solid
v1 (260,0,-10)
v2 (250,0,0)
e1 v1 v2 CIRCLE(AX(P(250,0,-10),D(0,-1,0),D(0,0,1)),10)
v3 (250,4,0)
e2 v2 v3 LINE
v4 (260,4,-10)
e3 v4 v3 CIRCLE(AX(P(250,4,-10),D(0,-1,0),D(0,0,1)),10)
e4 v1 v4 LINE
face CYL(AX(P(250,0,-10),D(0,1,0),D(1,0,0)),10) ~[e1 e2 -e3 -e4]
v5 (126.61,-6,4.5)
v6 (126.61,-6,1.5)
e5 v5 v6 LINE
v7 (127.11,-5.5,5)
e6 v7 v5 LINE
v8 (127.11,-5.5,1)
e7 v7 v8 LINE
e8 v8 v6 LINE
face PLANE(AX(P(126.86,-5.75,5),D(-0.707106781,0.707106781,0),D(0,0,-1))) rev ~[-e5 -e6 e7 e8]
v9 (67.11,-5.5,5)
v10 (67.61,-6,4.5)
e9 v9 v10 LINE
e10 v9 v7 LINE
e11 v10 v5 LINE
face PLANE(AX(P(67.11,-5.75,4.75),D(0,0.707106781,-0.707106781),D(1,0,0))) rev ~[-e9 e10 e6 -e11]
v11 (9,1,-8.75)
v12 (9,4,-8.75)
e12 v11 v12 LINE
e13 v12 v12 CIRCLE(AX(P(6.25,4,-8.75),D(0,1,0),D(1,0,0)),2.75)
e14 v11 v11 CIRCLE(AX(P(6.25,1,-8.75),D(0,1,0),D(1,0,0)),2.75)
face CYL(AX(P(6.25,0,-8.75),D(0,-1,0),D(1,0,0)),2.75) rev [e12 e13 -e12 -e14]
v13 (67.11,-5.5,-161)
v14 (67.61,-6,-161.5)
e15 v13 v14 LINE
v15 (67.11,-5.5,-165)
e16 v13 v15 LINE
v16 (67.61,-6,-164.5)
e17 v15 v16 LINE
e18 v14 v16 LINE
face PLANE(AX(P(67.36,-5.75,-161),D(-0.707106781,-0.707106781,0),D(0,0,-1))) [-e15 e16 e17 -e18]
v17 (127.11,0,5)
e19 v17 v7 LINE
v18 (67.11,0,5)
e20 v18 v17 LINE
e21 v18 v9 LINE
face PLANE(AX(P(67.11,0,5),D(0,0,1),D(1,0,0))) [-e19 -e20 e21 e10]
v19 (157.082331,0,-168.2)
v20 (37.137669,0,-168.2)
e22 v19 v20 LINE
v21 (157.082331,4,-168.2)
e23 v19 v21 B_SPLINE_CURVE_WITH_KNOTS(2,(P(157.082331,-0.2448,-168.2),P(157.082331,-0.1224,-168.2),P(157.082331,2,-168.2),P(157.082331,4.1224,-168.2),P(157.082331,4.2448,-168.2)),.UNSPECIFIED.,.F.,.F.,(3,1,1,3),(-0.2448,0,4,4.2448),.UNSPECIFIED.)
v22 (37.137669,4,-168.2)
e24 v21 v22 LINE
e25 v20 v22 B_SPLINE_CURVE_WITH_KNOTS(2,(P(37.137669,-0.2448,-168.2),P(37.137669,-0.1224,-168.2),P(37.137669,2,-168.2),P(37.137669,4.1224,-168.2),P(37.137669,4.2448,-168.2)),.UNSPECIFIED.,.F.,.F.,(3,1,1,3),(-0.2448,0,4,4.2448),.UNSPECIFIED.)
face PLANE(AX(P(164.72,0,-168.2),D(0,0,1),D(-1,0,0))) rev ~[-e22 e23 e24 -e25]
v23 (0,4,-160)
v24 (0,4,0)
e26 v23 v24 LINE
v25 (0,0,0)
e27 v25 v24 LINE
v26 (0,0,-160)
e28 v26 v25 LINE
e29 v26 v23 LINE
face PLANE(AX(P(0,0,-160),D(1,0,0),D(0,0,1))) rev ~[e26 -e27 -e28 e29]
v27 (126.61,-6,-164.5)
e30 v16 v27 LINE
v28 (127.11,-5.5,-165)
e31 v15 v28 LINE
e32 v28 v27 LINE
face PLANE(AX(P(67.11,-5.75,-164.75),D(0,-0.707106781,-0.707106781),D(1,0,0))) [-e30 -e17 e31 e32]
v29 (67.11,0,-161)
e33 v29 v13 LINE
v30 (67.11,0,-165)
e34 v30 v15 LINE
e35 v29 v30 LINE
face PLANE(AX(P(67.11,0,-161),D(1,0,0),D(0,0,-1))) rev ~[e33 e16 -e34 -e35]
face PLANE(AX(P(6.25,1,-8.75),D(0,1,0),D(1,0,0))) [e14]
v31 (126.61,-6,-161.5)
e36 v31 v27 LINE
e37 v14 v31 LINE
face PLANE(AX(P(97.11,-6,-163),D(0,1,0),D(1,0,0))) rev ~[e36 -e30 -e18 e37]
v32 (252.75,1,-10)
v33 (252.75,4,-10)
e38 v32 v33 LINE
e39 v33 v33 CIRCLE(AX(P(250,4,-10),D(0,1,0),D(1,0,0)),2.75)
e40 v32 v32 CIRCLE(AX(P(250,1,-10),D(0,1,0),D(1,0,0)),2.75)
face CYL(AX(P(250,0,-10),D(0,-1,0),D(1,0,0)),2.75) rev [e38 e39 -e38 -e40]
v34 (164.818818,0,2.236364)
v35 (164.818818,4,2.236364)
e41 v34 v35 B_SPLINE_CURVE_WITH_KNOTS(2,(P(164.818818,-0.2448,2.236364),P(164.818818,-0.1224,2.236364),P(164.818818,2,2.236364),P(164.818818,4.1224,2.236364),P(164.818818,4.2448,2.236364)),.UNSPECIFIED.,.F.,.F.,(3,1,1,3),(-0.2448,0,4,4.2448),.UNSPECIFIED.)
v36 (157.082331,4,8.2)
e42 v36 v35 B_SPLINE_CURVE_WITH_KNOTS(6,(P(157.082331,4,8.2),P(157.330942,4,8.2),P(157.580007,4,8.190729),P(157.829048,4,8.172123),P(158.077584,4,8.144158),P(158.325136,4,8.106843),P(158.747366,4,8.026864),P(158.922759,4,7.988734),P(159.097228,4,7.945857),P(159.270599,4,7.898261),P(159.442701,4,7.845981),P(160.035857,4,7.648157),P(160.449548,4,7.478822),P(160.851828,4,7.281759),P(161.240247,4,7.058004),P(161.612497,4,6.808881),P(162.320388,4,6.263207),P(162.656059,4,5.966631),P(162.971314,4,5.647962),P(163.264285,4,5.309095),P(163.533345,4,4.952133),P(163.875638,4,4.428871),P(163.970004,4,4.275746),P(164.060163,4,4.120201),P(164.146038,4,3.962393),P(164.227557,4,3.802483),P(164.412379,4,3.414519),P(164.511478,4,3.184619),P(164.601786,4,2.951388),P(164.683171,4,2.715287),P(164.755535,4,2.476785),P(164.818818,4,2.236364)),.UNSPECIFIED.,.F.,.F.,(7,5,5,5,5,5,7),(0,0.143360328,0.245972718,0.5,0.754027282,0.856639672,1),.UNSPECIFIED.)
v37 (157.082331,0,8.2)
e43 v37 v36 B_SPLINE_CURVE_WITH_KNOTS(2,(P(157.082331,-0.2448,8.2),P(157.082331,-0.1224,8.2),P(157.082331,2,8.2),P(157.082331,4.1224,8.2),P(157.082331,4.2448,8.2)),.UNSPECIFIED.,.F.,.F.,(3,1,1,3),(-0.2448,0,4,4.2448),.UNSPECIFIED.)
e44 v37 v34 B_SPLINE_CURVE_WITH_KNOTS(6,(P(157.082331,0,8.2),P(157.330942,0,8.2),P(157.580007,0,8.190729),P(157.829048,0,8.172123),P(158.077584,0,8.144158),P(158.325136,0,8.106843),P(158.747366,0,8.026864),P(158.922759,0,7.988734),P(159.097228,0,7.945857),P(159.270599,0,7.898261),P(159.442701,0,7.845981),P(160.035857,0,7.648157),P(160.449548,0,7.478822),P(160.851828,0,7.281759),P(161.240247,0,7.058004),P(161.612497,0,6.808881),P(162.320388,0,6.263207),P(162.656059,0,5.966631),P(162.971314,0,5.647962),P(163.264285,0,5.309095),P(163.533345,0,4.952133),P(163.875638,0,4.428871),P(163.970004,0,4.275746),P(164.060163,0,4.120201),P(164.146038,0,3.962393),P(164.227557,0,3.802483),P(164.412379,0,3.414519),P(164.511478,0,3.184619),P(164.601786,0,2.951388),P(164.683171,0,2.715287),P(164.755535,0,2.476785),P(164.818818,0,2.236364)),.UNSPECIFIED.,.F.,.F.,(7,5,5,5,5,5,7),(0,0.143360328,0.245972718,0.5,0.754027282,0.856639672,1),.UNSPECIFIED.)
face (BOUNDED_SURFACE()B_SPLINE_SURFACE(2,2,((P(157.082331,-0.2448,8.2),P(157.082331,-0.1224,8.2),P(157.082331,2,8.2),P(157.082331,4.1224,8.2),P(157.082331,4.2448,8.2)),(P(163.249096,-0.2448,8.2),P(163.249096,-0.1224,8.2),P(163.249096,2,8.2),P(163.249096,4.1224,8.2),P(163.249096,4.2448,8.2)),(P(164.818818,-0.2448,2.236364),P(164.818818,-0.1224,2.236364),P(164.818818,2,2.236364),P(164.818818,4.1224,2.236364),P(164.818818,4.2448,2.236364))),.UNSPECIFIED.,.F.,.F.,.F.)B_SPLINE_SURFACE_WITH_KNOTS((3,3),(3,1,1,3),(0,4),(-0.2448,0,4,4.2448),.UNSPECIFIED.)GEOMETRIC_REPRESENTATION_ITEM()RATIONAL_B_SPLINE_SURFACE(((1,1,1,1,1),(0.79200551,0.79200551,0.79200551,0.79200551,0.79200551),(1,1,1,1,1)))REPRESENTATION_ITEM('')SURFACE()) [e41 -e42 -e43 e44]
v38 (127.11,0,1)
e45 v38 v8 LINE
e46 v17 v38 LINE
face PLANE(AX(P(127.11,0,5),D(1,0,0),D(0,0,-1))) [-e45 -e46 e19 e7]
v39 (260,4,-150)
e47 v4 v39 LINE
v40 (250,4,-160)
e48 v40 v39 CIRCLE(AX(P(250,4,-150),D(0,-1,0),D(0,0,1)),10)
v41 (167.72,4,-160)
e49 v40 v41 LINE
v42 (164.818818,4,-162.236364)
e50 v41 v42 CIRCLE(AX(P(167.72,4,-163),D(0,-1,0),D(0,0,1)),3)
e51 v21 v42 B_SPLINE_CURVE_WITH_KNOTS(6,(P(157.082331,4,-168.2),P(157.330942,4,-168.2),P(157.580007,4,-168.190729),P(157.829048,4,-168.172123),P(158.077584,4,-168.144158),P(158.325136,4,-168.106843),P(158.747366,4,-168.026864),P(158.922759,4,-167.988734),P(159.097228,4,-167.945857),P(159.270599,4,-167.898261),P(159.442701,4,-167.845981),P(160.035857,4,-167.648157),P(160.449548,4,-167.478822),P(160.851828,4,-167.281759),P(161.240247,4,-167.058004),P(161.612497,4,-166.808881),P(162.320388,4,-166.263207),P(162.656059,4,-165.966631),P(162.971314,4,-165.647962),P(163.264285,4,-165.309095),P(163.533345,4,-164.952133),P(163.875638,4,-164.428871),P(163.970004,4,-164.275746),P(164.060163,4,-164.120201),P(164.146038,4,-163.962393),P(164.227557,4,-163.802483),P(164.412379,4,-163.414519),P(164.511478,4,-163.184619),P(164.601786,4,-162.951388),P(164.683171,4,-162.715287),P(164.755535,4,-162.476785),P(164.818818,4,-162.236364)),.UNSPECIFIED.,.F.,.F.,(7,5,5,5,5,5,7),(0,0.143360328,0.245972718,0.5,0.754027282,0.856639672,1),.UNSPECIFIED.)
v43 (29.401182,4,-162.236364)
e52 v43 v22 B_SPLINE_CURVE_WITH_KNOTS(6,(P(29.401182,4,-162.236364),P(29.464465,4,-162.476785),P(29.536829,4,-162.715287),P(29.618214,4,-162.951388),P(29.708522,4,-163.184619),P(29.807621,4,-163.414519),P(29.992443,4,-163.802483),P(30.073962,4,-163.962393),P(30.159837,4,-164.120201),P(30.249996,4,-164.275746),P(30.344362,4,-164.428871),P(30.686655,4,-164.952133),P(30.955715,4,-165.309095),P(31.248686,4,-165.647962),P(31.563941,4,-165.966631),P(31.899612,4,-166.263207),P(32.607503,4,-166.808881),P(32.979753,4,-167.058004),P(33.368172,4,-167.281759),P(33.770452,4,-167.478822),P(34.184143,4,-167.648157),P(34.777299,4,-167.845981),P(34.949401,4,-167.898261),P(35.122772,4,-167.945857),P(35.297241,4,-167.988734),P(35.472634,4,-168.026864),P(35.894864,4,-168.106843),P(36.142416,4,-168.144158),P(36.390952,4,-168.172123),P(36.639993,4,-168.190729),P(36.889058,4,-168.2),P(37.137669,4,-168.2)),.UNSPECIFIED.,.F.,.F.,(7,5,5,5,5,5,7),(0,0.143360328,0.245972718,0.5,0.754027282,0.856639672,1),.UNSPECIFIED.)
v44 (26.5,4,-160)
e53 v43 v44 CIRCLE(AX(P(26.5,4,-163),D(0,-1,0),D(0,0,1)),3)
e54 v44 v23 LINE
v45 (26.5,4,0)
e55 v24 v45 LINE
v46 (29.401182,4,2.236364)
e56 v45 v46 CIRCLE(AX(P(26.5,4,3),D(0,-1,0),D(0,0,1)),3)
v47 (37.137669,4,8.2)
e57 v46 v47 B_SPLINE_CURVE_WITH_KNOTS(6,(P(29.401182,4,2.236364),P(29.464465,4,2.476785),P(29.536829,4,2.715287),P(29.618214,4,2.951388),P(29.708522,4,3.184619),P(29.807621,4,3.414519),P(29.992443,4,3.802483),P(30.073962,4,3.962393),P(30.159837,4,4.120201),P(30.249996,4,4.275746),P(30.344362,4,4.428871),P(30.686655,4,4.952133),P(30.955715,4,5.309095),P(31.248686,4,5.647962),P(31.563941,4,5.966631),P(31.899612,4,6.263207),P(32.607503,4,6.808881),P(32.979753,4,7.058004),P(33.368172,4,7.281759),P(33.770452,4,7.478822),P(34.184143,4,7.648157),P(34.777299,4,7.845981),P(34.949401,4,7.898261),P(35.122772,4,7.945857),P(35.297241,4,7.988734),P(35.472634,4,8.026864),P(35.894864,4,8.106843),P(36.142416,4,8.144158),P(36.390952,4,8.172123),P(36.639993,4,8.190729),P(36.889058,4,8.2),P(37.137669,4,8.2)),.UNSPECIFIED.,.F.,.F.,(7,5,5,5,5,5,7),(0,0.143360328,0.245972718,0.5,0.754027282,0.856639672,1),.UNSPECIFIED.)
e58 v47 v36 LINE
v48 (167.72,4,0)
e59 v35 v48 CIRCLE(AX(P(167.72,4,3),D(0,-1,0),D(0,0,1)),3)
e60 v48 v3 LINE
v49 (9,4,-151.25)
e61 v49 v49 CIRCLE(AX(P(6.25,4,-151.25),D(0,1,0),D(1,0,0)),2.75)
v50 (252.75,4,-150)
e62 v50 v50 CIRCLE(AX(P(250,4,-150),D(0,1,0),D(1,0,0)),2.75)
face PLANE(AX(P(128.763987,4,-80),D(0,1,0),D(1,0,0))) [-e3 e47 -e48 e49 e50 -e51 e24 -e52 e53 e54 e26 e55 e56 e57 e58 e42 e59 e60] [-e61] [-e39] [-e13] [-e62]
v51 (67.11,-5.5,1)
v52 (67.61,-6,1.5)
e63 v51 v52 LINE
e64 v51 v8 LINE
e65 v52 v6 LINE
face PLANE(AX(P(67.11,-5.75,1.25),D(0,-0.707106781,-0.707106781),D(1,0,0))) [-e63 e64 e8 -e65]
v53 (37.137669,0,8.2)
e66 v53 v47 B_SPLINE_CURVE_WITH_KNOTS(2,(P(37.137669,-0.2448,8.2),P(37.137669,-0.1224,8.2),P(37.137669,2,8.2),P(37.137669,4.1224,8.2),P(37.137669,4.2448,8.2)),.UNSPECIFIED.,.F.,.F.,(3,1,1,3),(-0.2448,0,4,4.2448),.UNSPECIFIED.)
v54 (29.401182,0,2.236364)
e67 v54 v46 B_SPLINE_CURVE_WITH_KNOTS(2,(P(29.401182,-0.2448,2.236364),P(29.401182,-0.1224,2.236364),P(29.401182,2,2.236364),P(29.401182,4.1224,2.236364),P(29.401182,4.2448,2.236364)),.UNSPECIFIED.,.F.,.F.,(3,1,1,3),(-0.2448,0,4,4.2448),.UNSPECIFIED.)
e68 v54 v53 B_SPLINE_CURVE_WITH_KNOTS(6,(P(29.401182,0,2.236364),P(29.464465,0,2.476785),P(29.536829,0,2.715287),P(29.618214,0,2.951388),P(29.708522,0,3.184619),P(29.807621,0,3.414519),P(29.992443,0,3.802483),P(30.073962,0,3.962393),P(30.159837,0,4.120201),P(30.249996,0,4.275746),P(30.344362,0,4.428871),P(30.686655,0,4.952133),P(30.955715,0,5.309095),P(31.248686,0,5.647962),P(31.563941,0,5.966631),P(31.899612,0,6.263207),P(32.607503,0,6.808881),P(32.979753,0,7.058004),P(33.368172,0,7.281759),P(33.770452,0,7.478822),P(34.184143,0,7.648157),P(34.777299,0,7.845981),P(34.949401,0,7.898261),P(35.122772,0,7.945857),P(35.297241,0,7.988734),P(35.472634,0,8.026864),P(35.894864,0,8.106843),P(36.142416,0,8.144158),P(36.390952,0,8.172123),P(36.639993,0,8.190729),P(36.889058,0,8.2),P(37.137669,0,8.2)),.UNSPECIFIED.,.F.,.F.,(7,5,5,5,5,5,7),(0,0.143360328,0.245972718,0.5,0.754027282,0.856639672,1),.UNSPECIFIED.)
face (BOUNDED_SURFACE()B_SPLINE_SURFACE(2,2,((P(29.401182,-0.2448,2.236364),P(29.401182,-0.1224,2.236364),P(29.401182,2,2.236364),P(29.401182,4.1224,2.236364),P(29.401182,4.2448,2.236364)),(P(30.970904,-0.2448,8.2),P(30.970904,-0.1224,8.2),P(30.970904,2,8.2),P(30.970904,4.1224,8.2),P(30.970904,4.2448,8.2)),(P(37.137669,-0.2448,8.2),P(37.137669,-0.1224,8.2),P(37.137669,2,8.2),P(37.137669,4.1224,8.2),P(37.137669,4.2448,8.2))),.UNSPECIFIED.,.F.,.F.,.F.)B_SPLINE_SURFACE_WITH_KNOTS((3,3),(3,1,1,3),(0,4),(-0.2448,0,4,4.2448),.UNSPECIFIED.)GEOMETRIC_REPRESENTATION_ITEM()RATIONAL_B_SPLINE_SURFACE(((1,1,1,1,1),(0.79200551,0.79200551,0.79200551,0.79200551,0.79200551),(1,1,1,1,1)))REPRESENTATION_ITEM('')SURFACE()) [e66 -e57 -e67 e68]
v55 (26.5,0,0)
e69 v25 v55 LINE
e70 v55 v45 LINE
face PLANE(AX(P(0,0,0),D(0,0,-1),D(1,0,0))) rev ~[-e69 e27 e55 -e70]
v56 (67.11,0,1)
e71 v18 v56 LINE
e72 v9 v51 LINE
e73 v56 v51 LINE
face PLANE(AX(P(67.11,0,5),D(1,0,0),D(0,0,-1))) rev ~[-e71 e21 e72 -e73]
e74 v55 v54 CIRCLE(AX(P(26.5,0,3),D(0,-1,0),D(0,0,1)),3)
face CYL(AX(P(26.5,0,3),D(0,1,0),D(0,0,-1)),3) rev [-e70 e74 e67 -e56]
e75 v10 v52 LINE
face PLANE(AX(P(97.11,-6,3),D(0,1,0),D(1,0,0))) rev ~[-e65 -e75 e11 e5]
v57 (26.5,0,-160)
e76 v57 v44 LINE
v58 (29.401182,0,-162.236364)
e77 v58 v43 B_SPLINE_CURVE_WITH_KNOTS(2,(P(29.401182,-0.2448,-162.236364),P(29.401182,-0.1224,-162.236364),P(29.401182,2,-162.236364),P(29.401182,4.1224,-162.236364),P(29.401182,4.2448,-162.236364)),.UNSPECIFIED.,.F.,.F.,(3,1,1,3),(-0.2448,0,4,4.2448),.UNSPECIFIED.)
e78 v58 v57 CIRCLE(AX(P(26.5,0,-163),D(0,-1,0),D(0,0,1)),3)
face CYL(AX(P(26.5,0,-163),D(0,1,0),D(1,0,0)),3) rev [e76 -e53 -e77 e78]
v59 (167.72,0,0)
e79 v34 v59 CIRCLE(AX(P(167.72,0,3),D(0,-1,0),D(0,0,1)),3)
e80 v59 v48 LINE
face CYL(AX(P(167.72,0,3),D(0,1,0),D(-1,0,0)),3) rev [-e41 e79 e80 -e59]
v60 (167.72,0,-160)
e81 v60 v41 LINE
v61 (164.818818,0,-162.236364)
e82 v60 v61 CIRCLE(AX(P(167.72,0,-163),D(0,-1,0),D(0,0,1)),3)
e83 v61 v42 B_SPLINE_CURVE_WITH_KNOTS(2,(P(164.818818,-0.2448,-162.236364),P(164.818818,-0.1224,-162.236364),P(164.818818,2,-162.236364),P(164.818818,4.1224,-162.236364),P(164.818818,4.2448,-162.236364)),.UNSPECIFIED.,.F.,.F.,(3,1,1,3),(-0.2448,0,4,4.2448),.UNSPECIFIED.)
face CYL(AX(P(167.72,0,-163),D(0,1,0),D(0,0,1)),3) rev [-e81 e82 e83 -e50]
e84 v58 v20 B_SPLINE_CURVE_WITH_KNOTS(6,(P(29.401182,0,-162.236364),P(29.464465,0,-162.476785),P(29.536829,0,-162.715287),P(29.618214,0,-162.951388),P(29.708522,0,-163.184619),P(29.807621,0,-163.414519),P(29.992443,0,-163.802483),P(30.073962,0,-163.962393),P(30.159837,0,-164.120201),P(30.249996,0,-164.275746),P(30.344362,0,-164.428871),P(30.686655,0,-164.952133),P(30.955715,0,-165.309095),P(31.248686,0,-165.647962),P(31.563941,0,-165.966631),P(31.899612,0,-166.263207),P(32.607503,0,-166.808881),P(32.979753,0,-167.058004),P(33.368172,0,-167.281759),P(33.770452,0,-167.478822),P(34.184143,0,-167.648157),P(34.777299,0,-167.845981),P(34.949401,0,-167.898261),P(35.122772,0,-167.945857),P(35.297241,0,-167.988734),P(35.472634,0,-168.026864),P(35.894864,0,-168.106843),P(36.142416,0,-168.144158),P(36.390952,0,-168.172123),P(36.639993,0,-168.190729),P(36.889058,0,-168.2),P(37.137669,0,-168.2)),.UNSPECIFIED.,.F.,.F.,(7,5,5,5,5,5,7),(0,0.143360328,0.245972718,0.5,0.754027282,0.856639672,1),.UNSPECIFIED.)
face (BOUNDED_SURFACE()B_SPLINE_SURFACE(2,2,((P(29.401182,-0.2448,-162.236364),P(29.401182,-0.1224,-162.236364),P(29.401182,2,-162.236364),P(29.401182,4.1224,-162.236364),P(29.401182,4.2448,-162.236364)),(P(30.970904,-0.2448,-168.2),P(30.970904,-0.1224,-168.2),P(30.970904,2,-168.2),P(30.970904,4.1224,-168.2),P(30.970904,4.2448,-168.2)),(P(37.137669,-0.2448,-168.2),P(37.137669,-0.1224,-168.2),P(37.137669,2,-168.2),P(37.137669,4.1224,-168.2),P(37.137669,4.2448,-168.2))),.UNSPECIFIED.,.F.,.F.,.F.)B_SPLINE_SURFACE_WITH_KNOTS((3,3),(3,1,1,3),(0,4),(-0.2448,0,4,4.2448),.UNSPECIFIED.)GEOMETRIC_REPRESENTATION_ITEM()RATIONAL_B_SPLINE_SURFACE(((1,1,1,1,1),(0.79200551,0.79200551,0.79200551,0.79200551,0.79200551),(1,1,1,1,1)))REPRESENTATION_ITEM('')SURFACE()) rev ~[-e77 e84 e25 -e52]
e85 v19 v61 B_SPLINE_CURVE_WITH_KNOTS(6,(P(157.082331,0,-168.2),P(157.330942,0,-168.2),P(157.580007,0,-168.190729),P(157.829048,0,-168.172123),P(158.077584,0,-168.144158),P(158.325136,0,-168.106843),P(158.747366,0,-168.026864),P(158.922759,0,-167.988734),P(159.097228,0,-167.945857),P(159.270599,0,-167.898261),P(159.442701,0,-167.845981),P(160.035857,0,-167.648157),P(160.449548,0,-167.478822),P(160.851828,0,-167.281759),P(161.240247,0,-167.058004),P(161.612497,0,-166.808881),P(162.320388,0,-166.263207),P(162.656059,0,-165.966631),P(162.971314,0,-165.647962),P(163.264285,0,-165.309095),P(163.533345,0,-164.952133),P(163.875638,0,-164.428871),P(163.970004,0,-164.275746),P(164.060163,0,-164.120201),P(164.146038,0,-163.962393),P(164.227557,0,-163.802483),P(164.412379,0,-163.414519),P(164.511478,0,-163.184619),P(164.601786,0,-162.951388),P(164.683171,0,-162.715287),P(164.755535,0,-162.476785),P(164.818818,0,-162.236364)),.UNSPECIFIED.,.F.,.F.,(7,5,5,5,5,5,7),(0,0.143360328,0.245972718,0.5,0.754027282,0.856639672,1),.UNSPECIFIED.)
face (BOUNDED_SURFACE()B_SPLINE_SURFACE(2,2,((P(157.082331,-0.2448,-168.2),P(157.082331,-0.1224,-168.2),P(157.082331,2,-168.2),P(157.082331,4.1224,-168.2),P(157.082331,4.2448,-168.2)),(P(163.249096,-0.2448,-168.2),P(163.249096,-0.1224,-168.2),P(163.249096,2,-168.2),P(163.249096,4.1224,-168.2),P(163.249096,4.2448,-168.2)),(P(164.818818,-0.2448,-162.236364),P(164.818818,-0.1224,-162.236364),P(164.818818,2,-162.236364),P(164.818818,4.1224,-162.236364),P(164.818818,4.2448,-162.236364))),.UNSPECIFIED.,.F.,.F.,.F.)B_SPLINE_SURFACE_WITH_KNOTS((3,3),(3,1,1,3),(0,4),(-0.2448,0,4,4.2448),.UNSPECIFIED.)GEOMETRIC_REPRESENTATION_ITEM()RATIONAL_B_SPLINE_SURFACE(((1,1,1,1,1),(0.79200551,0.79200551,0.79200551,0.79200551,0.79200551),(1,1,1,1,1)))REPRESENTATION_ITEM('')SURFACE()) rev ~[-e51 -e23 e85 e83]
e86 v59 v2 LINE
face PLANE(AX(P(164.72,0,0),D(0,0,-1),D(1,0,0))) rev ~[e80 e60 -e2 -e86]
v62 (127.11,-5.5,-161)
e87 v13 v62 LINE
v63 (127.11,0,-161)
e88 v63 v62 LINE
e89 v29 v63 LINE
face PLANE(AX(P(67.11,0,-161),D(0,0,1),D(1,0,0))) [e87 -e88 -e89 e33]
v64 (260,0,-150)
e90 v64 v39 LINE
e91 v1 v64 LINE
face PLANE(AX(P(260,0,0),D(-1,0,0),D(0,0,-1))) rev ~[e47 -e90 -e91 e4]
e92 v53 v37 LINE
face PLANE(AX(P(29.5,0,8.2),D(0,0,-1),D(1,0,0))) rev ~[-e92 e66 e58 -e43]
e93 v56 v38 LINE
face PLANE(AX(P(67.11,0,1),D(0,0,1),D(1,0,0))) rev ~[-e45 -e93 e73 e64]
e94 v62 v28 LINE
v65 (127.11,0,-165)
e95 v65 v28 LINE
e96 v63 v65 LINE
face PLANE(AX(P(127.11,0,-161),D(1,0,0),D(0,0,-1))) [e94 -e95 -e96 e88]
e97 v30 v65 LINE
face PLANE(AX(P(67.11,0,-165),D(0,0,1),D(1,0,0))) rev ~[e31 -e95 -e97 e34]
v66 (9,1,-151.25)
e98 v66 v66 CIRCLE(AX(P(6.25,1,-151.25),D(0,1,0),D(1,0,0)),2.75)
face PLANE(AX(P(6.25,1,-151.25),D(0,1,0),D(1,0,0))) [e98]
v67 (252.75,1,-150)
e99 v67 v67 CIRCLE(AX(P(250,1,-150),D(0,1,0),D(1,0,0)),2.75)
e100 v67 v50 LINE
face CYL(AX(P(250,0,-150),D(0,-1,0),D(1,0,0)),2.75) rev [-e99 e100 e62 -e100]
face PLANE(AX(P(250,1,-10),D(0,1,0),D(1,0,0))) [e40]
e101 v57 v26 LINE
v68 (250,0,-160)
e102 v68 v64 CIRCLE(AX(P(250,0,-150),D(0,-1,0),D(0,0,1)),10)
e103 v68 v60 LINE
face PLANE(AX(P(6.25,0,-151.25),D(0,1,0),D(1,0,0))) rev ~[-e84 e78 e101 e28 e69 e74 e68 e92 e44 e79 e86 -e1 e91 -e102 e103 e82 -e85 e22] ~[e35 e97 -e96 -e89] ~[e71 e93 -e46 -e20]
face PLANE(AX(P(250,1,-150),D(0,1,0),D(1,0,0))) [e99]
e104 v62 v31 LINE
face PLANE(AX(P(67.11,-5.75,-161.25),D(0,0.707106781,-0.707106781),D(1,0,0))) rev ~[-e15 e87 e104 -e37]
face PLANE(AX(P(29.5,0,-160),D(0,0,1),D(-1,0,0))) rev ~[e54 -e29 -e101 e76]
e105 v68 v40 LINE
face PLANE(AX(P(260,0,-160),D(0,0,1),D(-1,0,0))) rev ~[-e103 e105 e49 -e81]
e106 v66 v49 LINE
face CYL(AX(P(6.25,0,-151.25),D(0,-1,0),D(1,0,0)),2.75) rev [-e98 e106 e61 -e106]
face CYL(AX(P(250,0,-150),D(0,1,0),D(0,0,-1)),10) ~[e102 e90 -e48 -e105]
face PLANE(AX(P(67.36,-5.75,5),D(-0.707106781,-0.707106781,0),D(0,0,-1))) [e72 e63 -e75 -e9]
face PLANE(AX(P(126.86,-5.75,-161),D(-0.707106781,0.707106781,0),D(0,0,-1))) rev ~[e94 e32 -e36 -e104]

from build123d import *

# Parameters (mm, degrees)
BOSS_EXTRUDE1_DEPTH = 4
FILLET1_R           = 3
FILLET2_R           = 8
FILLET3_R           = 10
SKETCH2_R           = 2.75
CUT_EXTRUDE2_DEPTH  = 4
SKETCH3_W           = 60
SKETCH3_H           = 4
BOSS_EXTRUDE2_DEPTH = 6
CHAMFER1_SIZE       = 0.5
SKETCH2_3_R         = 2.75
BOSS_EXTRUDE3_DEPTH = 1


with BuildPart() as part:
    # Sketch1 → Boss-Extrude1 (new body)
    with BuildSketch(Plane(origin=(0, 0, 0), x_dir=(1, 0, 0), z_dir=(0, 1, 0))):
        Polygon((29.5, 168.2), (29.5, 160), (0, 160), (0, 80), (0, 0), (29.5, 0), (29.5, -8.2), (164.72, -8.2), (164.72, 0), (260, 0), (260, 160), (164.72, 160), (164.72, 168.2), align=None)
    extrude(amount=BOSS_EXTRUDE1_DEPTH)

    # Fillet1
    fillet1_edges = [part.edges().sort_by_distance(p)[0] for p in [
        (164.72, 2, 0),
        (29.5, 2, 0),
        (29.5, 2, -160),
        (164.72, 2, -160),
    ]]
    fillet(fillet1_edges, radius=FILLET1_R)

    # Fillet2
    fillet2_edges = [part.edges().sort_by_distance(p)[0] for p in [
        (29.5, 2, -168.2),
        (164.72, 2, -168.2),
        (29.5, 2, 8.2),
        (164.72, 2, 8.2),
    ]]
    fillet(fillet2_edges, radius=FILLET2_R)

    # Fillet3
    fillet3_edges = [part.edges().sort_by_distance(p)[0] for p in [
        (260, 2, -160),
        (260, 2, 0),
    ]]
    fillet(fillet3_edges, radius=FILLET3_R)

    # Sketch2 → Cut-Extrude2 (cut)
    with BuildSketch(Plane(origin=(0, 0, 0), x_dir=(1, 0, 0), z_dir=(0, 1, 0))):
        with Locations((6.25, 151.25)):
            Circle(SKETCH2_R)
        with Locations((250, 150)):
            Circle(SKETCH2_R)
        with Locations((250, 10)):
            Circle(SKETCH2_R)
        with Locations((6.25, 8.75)):
            Circle(SKETCH2_R)
    extrude(amount=CUT_EXTRUDE2_DEPTH, mode=Mode.SUBTRACT)

    # Sketch3 → Boss-Extrude2 (add)
    with BuildSketch(Plane(origin=(0, 0, 0), x_dir=(1, 0, 0), z_dir=(0, 1, 0))):
        with Locations((97.11, 163)):
            Rectangle(SKETCH3_W, SKETCH3_H)
        with Locations((97.11, -3)):
            Rectangle(SKETCH3_W, SKETCH3_H)
    extrude(amount=-BOSS_EXTRUDE2_DEPTH)

    # Chamfer1
    chamfer1_edges = [part.edges().sort_by_distance(p)[0] for p in [
        (67.11, -6, -163),
        (97.11, -6, -161),
        (97.11, -6, -165),
        (127.11, -6, -163),
        (127.11, -6, 3),
        (97.11, -6, 5),
        (67.11, -6, 3),
        (97.11, -6, 1),
    ]]
    chamfer(chamfer1_edges, length=CHAMFER1_SIZE)

    # Sketch2<3> → Boss-Extrude3 (add)
    with BuildSketch(Plane(origin=(0, 0, 0), x_dir=(1, 0, 0), z_dir=(0, 1, 0))):
        with Locations((6.25, 151.25)):
            Circle(SKETCH2_3_R)
        with Locations((250, 150)):
            Circle(SKETCH2_3_R)
        with Locations((250, 10)):
            Circle(SKETCH2_3_R)
        with Locations((6.25, 8.75)):
            Circle(SKETCH2_3_R)
    extrude(amount=BOSS_EXTRUDE3_DEPTH)


solid = part.part
